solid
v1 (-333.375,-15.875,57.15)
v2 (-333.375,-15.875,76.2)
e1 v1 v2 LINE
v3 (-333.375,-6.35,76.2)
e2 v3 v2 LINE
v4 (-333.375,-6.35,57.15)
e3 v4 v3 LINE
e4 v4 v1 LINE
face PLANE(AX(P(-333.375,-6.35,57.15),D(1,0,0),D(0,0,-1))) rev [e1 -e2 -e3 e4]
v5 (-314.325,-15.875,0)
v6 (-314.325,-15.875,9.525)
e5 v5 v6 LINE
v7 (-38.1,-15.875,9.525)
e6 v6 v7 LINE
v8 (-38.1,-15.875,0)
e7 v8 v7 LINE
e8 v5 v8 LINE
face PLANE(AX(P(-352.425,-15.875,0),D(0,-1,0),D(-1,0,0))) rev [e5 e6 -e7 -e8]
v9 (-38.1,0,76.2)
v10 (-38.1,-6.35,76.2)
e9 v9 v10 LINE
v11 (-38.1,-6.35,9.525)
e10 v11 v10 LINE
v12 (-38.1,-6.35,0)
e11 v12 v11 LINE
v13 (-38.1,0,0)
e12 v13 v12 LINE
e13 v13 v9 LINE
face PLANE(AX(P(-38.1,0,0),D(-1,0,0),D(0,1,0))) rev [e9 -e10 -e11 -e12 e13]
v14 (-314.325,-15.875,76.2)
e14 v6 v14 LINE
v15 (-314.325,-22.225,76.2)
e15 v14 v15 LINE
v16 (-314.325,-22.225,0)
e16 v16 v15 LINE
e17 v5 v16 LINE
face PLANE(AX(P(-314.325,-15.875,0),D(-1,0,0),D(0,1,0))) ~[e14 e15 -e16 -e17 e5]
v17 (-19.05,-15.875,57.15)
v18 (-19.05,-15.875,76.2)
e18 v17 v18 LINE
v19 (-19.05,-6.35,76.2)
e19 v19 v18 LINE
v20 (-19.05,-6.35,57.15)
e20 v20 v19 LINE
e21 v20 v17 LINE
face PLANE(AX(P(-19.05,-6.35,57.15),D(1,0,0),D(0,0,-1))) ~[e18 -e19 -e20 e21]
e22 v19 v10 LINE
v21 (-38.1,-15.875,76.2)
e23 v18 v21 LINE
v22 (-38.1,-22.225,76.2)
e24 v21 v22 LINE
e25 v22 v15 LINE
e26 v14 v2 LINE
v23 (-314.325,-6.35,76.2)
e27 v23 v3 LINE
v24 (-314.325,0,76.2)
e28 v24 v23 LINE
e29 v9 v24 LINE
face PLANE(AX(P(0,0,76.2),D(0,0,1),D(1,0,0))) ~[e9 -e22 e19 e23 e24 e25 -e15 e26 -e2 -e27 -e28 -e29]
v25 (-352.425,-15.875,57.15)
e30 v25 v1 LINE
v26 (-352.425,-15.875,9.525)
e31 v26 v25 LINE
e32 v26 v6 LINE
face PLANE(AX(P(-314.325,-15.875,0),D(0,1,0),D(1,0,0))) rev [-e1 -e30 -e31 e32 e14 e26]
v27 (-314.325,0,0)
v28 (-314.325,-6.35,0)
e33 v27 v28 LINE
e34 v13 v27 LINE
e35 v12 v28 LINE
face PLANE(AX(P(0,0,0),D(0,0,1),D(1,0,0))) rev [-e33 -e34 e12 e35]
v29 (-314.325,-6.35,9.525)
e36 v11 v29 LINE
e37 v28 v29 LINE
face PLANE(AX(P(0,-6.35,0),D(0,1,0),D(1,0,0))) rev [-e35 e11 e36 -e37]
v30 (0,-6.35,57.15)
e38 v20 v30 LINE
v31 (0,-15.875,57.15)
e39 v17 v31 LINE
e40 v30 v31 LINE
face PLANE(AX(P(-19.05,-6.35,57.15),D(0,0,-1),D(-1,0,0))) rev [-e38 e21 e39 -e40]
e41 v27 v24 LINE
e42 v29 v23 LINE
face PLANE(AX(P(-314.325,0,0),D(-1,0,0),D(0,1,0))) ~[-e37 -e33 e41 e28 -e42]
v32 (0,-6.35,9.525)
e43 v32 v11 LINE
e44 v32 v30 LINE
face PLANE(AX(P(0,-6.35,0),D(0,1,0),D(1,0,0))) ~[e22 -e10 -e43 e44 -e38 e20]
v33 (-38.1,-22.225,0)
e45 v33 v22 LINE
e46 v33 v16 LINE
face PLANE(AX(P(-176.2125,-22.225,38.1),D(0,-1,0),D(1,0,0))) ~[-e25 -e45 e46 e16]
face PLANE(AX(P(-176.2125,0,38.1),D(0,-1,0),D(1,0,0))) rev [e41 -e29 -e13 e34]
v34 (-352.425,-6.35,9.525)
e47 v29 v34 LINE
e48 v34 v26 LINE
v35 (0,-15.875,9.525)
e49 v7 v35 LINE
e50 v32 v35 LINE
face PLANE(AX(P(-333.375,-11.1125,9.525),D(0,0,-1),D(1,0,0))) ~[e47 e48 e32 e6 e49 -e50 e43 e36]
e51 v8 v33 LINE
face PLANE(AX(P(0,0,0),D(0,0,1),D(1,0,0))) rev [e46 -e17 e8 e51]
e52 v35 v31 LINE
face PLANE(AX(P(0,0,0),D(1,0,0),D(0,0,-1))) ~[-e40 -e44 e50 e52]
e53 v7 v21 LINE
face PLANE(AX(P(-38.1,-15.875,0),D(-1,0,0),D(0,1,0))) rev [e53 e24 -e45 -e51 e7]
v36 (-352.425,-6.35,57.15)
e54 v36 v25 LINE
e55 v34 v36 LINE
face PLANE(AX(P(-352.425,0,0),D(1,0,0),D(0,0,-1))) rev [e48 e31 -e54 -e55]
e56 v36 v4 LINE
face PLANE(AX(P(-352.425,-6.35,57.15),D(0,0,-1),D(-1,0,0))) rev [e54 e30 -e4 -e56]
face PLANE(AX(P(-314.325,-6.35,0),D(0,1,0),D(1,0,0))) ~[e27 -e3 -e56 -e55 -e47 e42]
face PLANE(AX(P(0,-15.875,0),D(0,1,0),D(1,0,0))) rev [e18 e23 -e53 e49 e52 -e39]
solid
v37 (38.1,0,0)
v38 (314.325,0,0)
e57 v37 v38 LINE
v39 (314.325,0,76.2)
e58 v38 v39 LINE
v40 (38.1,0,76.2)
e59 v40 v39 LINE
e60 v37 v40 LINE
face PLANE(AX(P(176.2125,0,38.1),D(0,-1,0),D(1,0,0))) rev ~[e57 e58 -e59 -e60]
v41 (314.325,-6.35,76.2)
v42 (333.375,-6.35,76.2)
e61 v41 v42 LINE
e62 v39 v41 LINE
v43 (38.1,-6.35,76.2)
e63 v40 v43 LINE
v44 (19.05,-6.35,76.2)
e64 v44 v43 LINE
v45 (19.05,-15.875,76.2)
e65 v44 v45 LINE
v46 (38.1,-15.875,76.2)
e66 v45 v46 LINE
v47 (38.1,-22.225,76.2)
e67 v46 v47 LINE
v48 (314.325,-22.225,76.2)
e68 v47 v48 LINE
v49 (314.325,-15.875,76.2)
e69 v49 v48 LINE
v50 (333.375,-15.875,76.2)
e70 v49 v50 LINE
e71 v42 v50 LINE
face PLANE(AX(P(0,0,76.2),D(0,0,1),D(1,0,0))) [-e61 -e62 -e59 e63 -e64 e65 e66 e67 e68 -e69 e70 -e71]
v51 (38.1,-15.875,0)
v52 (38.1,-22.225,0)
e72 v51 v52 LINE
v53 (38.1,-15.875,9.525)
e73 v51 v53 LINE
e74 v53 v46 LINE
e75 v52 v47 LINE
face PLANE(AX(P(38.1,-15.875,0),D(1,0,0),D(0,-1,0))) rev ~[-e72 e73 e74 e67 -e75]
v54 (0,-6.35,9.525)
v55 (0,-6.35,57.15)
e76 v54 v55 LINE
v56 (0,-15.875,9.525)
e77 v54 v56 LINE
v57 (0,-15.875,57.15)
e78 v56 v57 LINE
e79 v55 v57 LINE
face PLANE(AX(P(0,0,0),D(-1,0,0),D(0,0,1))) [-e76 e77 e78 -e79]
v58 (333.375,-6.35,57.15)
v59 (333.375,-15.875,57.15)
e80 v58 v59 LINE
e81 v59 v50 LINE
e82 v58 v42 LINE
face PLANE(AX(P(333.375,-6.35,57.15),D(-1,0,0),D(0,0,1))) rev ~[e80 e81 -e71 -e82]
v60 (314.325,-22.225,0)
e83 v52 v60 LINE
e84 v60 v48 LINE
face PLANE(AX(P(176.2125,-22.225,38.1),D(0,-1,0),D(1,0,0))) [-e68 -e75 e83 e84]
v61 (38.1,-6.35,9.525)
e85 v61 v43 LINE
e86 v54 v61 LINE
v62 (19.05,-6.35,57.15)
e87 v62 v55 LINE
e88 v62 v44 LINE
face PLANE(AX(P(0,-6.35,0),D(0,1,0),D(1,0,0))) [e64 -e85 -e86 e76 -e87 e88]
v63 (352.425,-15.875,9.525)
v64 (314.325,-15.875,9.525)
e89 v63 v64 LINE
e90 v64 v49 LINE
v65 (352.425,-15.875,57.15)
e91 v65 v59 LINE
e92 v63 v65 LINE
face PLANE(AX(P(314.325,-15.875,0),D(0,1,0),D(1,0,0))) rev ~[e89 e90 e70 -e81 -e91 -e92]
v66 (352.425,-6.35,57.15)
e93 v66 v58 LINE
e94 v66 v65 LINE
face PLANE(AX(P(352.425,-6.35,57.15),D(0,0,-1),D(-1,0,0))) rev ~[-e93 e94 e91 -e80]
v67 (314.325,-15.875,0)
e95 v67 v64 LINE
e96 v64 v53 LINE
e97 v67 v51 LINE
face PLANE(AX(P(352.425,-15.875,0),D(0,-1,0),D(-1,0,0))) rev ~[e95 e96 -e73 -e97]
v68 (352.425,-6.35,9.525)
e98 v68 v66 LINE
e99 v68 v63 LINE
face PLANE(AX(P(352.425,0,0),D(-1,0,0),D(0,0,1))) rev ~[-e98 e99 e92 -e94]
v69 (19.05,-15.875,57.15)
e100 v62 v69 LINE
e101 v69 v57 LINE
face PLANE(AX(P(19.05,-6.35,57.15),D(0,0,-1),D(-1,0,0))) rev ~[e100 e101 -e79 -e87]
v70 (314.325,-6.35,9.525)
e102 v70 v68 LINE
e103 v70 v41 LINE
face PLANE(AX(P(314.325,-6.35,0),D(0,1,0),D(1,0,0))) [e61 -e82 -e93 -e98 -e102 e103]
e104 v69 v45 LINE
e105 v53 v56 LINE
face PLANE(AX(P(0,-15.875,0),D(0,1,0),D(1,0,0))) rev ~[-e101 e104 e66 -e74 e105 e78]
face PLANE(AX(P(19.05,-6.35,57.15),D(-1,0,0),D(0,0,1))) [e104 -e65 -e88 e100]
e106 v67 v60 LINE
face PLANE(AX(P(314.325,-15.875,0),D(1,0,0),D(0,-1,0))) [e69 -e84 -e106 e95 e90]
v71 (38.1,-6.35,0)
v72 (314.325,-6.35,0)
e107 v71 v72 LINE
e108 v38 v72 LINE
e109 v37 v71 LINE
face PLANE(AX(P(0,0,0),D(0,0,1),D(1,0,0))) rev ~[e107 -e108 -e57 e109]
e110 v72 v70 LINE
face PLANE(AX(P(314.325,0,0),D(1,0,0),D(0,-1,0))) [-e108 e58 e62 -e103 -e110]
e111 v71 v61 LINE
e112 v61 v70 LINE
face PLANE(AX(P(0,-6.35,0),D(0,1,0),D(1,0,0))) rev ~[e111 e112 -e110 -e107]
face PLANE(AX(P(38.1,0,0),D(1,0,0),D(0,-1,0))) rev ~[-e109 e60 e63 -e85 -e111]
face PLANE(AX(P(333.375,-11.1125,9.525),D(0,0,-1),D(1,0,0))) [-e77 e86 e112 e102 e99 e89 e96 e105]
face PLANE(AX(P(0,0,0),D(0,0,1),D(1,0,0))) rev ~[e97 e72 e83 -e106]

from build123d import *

# Parameters (mm, degrees)
F0_W     = 352.425
F0_H     = 76.2
F1_DEPTH = 22.225
F2_W     = 38.1
F2_H     = 9.525
F2_W_2   = 276.225
F3_DEPTH = 9.525
F2_H_2   = 6.35
F4_DEPTH = 76.2
F5_W     = 19.05
F5_H     = 19.05
F6_DEPTH = 9.525


with BuildPart() as f1:
    # F0 (on Front) → F1 (new body)
    with BuildSketch(Plane.XZ):
        with Locations((176.2125, 38.1)):
            Rectangle(F0_W, F0_H)
    extrude(amount=F1_DEPTH)

    # F2 (on face) → F3 (cut)
    with BuildSketch(Plane(origin=(0, 0, 0), x_dir=(1, 0, 0), z_dir=(0, 0, -1))):
        with Locations((333.375, 11.1125)):
            Rectangle(F2_W, F2_H)
        with Locations((176.2125, 11.1125)):
            Rectangle(F2_W_2, F2_H)
        with Locations((19.05, 11.1125)):
            Rectangle(F2_W, F2_H)
    extrude(amount=-F3_DEPTH, mode=Mode.SUBTRACT)

    # F2 (on face) → F4 (cut, through all)
    with BuildSketch(Plane(origin=(0, 0, 0), x_dir=(1, 0, 0), z_dir=(0, 0, -1))):
        with Locations((19.05, 19.05)):
            Rectangle(F2_W, F2_H_2)
        with Locations((333.375, 19.05)):
            Rectangle(F2_W, F2_H_2)
        with Locations((333.375, 3.175)):
            Rectangle(F2_W, F2_H_2)
        with Locations((19.05, 3.175)):
            Rectangle(F2_W, F2_H_2)
    extrude(amount=-F4_DEPTH, mode=Mode.SUBTRACT)

    # F5 (on face) → F6 (cut, through all)
    with BuildSketch(Plane(origin=(0, -6.35, 0), x_dir=(-1, 0, 0), z_dir=(0, 1, 0))):
        with Locations((-342.9, 66.675)):
            Rectangle(F5_W, F5_H)
        with Locations((-9.525, 66.675)):
            Rectangle(F5_W, F5_H)
    extrude(amount=-F6_DEPTH, mode=Mode.SUBTRACT)


with BuildPart() as f7_1:
    # F7: instance of F1
    add(f1.part.mirror(Plane.YZ))


solid = Compound([f1.part, f7_1.part])
